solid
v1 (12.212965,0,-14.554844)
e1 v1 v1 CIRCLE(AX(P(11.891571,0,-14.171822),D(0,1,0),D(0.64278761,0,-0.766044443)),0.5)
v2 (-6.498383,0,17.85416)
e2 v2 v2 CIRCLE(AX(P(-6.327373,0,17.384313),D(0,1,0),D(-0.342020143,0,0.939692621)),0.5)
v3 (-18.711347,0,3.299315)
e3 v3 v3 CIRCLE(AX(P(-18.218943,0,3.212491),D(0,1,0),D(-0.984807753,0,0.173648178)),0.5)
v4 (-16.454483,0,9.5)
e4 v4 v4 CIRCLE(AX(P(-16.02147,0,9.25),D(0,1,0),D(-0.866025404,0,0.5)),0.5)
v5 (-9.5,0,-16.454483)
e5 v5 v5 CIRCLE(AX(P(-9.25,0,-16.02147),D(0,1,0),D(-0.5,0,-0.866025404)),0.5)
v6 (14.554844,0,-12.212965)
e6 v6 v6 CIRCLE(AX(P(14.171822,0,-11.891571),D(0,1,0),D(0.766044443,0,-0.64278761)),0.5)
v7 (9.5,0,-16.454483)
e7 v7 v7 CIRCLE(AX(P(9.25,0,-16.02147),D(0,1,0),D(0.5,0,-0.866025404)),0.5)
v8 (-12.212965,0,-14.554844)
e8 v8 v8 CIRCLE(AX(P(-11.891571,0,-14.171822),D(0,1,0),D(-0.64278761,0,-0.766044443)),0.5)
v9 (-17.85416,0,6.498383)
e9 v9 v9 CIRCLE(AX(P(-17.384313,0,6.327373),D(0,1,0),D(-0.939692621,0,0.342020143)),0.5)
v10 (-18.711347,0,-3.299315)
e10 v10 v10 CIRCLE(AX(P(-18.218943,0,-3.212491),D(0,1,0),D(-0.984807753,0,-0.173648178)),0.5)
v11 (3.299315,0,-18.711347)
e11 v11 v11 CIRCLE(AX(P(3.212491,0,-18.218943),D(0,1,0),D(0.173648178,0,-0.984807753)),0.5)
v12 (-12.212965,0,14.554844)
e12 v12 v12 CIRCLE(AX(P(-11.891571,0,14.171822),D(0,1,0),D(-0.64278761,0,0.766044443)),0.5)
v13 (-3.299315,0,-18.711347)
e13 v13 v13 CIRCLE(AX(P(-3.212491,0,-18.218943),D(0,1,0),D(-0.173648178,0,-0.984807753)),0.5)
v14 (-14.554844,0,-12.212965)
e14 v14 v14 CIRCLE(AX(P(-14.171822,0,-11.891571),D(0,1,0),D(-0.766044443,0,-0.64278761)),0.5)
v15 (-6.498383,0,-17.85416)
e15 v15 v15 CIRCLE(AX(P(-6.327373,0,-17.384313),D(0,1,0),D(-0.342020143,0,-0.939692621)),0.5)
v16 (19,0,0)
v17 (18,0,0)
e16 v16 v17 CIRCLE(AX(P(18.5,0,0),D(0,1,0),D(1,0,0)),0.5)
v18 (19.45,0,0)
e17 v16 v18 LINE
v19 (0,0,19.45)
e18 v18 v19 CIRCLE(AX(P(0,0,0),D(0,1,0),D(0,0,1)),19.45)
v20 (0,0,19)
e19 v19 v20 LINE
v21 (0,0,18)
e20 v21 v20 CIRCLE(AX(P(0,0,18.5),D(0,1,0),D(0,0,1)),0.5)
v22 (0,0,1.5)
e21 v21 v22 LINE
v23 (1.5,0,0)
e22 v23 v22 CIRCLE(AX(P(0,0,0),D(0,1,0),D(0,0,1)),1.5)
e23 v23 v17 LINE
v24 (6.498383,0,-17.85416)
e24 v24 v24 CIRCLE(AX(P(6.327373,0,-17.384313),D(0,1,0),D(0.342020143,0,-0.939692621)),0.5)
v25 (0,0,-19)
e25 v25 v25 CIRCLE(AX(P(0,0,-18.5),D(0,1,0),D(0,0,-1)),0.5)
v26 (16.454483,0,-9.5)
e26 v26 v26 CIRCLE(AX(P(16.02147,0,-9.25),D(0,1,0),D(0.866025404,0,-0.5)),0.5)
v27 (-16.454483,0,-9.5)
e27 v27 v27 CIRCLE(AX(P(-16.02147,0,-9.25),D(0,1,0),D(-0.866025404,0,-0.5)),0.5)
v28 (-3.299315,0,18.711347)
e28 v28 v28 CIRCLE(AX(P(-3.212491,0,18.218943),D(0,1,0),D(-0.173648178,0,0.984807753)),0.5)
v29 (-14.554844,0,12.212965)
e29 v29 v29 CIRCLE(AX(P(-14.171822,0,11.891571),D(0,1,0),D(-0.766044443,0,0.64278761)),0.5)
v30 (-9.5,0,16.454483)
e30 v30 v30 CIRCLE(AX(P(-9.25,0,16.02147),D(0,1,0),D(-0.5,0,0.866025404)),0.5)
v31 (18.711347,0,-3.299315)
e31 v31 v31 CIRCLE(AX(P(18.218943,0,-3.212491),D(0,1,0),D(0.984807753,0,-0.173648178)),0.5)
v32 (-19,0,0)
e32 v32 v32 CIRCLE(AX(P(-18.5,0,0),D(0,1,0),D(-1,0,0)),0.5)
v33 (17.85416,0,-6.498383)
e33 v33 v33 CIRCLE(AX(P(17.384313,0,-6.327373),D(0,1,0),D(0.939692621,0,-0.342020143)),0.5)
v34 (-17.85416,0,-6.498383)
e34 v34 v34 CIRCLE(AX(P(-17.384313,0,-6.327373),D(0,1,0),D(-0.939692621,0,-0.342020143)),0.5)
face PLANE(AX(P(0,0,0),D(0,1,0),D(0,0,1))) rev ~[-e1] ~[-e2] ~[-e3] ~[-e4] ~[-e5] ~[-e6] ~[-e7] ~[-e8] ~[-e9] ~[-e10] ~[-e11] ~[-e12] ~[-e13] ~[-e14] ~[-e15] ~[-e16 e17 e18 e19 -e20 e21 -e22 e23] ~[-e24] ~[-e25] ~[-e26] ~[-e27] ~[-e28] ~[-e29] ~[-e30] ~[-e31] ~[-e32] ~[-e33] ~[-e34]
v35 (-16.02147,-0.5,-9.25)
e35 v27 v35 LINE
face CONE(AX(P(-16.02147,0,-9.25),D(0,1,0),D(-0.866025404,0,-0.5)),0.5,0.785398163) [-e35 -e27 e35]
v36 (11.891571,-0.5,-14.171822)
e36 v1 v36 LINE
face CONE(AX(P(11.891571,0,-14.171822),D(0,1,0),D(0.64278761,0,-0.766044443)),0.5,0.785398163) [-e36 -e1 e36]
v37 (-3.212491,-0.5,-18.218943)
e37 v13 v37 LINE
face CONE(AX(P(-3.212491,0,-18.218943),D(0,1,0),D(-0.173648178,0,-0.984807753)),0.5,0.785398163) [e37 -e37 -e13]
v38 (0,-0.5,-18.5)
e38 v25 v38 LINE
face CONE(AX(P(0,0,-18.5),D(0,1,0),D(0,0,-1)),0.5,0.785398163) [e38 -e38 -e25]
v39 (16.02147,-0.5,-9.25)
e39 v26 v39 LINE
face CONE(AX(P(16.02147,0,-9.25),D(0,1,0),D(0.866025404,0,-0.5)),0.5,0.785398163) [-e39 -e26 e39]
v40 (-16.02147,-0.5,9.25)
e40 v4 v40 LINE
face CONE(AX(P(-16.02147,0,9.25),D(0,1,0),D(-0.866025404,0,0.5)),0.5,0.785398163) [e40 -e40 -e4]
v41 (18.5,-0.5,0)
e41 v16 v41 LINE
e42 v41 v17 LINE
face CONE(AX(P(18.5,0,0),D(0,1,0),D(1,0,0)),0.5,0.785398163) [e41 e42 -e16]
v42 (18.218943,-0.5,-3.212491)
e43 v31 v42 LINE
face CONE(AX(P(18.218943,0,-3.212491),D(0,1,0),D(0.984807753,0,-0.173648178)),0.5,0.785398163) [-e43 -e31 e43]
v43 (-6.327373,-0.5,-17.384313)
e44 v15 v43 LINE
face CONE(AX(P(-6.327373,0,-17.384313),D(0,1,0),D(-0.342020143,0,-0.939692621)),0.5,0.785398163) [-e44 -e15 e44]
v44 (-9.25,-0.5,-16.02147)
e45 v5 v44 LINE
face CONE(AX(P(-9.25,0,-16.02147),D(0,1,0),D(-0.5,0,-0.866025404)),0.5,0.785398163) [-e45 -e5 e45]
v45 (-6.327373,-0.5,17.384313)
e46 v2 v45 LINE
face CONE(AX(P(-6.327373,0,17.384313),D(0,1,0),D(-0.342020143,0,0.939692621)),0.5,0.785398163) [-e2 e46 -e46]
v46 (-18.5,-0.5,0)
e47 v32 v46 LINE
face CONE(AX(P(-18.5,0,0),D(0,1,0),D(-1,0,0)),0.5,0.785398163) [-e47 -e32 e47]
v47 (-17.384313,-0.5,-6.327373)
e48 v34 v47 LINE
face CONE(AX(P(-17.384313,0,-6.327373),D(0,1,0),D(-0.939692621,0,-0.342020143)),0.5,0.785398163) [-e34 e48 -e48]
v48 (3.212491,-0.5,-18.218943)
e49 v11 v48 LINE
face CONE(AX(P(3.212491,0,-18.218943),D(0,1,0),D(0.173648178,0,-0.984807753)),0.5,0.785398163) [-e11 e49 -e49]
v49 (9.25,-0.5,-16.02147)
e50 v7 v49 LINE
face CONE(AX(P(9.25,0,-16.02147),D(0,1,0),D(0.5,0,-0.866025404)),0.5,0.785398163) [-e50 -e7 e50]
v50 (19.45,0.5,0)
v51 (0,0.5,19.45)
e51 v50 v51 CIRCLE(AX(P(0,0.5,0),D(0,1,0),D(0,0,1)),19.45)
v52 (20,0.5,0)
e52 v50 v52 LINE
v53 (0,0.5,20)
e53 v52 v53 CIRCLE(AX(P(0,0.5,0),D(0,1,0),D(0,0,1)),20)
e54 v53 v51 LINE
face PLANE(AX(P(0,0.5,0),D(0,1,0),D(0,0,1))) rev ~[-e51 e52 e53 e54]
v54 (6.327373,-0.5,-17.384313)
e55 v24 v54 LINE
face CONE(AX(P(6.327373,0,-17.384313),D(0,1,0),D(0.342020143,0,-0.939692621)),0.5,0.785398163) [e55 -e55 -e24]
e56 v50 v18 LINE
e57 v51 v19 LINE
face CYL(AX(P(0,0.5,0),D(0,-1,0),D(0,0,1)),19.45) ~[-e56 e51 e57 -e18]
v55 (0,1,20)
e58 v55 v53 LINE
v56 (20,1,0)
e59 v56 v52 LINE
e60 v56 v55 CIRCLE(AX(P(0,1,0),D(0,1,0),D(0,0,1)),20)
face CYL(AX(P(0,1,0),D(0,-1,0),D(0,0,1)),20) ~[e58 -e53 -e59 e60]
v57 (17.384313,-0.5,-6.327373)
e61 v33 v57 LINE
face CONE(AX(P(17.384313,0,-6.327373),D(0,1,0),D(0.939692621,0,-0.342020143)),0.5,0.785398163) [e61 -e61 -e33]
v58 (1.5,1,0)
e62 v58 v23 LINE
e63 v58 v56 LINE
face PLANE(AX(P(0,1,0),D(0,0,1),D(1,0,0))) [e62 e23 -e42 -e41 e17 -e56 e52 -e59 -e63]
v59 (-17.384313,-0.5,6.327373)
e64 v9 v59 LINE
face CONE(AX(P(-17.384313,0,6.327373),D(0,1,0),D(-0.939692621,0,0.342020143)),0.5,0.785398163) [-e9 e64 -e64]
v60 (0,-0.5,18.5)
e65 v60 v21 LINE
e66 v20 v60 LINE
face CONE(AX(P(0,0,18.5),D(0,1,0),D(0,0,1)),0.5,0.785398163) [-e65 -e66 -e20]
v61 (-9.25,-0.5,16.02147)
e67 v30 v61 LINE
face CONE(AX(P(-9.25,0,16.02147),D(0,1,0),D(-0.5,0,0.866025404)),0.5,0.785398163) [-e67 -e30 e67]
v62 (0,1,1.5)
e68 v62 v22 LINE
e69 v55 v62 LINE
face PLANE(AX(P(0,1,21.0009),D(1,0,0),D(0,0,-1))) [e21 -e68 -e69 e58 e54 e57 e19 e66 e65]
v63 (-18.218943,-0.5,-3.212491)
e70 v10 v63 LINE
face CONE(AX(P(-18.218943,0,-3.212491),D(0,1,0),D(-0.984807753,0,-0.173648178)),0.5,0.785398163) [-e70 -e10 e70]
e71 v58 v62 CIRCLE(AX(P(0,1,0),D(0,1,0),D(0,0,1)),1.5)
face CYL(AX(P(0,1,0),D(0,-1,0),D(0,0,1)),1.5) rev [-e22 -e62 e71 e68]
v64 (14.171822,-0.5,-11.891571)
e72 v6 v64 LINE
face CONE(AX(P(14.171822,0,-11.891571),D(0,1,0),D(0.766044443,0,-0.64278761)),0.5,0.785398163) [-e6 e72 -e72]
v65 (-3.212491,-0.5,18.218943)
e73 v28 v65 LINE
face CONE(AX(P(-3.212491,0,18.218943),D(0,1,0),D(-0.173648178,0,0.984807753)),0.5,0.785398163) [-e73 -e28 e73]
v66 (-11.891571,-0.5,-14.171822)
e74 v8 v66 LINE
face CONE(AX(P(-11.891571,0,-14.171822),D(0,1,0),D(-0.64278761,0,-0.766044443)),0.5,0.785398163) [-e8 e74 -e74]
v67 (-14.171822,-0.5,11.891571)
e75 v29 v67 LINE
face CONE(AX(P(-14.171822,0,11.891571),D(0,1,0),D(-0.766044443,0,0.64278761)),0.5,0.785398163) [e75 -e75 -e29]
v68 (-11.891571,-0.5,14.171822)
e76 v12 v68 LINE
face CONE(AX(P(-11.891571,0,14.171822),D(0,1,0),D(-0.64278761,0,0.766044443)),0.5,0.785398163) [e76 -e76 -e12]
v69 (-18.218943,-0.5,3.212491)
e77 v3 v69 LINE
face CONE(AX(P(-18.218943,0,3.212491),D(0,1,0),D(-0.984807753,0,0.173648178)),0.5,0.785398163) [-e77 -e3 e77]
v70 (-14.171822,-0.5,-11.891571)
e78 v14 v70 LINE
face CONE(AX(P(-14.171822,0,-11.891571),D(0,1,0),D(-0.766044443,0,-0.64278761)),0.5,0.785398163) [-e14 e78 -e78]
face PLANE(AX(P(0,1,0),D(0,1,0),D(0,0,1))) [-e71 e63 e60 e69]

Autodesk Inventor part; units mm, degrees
ref_plane "YZ Plane" through (0, 0, 0) normal (1, 0, 0) x (0, 1, 0)
ref_plane "XZ Plane" through (0, 0, 0) normal (0, 1, 0) x (-1, 0, 0)
ref_plane "XY Plane" through (0, 0, 0) normal (0, 0, 1) x (1, 0, 0)
sketch "Sketch1" plane through (0, 0, 0) normal (1, 0, 0) x (0, 1, 0)
  line L0 (1, 1.5) -> (0, 1.5)
  line L1 (1, 20) -> (1, 1.5)
  line L2 (-0.2, 0) -> (1.2, 0) projected
  line L3 (1, 20) -> (0.5, 20)
  line L4 (0.5, 20) -> (0.5, 19.45)
  line L5 (0, 19.45) -> (0, 1.5)
  line L6 (1, 20) -> (1, 20)
  line L7 (1, 20) -> (1, 19)
  line L8 (1, 19) -> (1, 19)
  line L9 (1, 19) -> (1, 20)
  line L10 (0.5, 19.45) -> (0, 19.45)
  point P0 (0, 0)
  point P1 (1, 19)
  dimension "d1" = 1.5
  dimension "d14" = 20
  dimension "d15" = 0.55
  dimension "d16" = 1
  dimension "d17" = 0.5
  dimension "d18" = 0
  dimension "d20" = 1
revolve "Revolution1" add sketch "Sketch1" angle 360 about axis through (0, -10, 0) along (0, 1, 0)
sketch "Sketch4" plane through (0, 0, 0) normal (0, -1, 0) x (1, 0, 0)
  circle A0 centre (18.5, 0) radius 0.5
  circle A1 centre (0, 0) radius 19.45 projected
  dimension "d21" = 1
  dimension "d22" = 18.5
extrude "Extrusion1" add sketch "Sketch4" along normal blind 1 draft -45 contours A0
pattern_circular "Circular Pattern1" count 36 over 360 about axis through (0, 0.75, 0) along (0, 1, 0) of "Extrusion1"
sketch "Sketch5" plane through (0, 1, 0) normal (0, 1, 0) x (1, 0, 0)
  line L0 (0, 0) -> (21.2118, 0)
  line L1 (21.2118, 0) -> (21.2118, -21.0009)
  line L2 (21.2118, -21.0009) -> (0, -21.0009)
  line L3 (0, -21.0009) -> (0, 0)
extrude "Extrusion2" cut sketch "Sketch5" against normal through all
properties part number "torsosc-container-plate-4drawing" material "Epoxy Resin"
